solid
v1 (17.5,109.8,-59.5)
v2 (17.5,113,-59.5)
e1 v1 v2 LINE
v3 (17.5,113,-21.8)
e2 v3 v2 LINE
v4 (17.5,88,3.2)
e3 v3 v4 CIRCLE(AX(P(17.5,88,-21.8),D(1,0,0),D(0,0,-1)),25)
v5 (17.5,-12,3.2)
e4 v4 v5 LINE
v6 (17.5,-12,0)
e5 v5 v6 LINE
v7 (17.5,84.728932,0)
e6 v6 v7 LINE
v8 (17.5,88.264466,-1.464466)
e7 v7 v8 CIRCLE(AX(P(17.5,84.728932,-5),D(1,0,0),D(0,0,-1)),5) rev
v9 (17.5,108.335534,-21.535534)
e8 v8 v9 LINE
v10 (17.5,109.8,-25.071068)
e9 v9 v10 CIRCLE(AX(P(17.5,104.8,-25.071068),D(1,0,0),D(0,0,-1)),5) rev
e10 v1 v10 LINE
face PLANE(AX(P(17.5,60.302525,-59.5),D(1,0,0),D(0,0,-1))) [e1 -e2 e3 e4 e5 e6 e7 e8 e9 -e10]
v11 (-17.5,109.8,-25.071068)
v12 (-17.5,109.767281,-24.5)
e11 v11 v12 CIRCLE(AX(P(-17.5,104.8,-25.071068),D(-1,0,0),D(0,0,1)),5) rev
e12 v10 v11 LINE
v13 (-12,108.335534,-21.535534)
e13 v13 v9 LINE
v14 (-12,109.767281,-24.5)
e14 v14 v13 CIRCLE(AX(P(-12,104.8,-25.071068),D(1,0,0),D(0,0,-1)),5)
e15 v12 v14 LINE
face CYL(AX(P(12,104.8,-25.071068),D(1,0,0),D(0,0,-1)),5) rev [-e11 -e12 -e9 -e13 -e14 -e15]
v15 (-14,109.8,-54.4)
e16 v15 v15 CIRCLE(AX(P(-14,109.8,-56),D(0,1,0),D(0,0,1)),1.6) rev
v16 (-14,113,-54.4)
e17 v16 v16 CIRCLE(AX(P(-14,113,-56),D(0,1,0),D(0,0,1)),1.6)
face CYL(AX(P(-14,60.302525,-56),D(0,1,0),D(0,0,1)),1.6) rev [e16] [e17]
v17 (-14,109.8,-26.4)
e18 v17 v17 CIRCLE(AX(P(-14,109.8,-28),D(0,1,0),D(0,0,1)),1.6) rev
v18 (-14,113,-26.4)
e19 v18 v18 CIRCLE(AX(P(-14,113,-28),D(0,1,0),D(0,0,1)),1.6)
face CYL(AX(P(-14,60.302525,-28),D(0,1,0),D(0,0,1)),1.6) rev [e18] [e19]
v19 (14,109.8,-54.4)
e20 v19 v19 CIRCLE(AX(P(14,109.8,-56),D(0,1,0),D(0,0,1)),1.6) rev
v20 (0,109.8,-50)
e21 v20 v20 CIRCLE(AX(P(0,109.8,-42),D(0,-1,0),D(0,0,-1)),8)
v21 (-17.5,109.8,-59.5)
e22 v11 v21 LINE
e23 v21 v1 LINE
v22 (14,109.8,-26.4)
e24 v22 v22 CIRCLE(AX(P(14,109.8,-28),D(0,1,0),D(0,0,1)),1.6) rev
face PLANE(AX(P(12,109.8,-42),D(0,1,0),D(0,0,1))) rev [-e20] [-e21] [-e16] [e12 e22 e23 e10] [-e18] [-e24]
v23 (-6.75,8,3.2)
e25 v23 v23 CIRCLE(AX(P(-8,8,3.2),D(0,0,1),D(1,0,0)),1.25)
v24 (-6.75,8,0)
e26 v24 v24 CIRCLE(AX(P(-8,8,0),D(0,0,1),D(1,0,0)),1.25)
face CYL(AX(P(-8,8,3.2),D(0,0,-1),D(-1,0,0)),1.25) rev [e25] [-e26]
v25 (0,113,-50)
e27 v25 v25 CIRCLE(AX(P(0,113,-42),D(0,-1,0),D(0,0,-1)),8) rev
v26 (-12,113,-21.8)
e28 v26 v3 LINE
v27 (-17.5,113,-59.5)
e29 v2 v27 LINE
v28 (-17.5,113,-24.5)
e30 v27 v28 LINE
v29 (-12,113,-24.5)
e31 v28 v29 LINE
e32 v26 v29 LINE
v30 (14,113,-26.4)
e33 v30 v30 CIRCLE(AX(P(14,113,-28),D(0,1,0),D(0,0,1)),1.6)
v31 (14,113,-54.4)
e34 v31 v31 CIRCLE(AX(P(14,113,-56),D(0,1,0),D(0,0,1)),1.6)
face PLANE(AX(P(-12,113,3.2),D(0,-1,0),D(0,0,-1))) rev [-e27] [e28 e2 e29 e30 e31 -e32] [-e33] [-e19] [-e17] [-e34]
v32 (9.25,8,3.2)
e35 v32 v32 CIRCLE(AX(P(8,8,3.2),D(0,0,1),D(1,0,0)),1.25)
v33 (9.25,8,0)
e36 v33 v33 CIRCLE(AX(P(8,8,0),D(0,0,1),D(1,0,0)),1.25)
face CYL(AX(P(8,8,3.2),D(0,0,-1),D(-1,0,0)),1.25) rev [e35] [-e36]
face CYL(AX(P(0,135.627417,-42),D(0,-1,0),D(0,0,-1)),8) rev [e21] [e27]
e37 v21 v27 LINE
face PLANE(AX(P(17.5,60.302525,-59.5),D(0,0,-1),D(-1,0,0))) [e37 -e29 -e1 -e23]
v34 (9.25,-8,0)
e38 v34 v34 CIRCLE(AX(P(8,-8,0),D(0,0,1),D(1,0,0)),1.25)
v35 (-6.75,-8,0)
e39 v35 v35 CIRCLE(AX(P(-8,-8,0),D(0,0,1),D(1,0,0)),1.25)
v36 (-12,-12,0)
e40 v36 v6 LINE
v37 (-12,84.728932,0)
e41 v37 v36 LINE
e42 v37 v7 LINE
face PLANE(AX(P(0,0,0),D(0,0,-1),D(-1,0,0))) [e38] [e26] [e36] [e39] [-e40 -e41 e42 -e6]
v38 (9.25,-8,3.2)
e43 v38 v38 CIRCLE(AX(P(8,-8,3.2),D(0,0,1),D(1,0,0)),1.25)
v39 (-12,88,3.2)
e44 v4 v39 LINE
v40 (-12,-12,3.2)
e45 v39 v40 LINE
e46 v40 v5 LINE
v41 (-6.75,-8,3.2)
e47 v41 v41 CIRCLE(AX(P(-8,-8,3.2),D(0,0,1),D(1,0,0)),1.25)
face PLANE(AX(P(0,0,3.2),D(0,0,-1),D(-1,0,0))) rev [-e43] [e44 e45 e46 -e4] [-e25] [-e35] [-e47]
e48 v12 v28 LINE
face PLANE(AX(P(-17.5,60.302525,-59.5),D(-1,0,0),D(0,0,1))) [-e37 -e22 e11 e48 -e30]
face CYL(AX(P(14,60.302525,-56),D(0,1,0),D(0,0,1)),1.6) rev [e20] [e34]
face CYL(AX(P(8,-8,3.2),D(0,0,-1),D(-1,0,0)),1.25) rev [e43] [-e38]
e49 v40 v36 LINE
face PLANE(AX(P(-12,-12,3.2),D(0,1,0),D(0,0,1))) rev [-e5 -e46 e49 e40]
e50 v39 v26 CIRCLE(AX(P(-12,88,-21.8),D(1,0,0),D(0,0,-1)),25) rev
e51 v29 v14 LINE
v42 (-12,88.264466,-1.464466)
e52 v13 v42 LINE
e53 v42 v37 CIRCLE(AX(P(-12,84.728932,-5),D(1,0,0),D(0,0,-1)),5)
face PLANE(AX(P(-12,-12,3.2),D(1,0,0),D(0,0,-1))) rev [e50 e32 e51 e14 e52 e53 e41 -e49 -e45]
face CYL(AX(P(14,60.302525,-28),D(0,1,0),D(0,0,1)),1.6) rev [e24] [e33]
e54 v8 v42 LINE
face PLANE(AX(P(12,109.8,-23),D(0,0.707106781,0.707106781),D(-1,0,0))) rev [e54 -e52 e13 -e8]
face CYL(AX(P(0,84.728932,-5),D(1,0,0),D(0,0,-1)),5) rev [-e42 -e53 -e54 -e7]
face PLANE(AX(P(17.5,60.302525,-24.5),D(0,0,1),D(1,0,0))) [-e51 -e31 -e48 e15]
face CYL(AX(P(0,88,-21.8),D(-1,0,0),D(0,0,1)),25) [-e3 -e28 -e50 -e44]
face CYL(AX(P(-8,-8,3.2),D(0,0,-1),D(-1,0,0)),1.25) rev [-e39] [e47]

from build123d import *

# Parameters (mm, degrees)
SKETCH1_W           = 24
SKETCH1_H           = 125
SKETCH1_R           = 1.25
BOSS_EXTRUDE1_DEPTH = 3.2
SKETCH2_W           = 24
SKETCH2_H           = 3.2
BOSS_EXTRUDE2_DEPTH = 42
SKETCH3_W           = 35
SKETCH3_H           = 35
SKETCH3_R           = 1.6
BOSS_EXTRUDE3_DEPTH = 3.2
SKETCH4_R           = 8
CUT_EXTRUDE1_DEPTH  = 3.2
CHAMFER1_SIZE       = 23
FILLET1_R           = 25
FILLET2_R           = 5
BOSS_EXTRUDE4_START = 5.5
BOSS_EXTRUDE4_DEPTH = 5.5


with BuildPart() as part:
    # Sketch1 → Boss-Extrude1 (new body)
    with BuildSketch(Plane.XY):
        with Locations((0, 50.5)):
            Rectangle(SKETCH1_W, SKETCH1_H)
        with Locations((-8, 8)):
            Circle(SKETCH1_R, mode=Mode.SUBTRACT)
        with Locations((8, 8)):
            Circle(SKETCH1_R, mode=Mode.SUBTRACT)
        with Locations((8, -8)):
            Circle(SKETCH1_R, mode=Mode.SUBTRACT)
        with Locations((-8, -8)):
            Circle(SKETCH1_R, mode=Mode.SUBTRACT)
    extrude(amount=BOSS_EXTRUDE1_DEPTH)

    # Sketch2 → Boss-Extrude2 (add)
    with BuildSketch(Plane(origin=(0, 0, 0), x_dir=(-1, 0, 0), z_dir=(0, 0, -1))):
        with Locations((0, 111.4)):
            Rectangle(SKETCH2_W, SKETCH2_H)
    extrude(amount=BOSS_EXTRUDE2_DEPTH)

    # Sketch3 → Boss-Extrude3 (add)
    with BuildSketch(Plane(origin=(0, 113, 0), x_dir=(1, 0, 0), z_dir=(0, 1, 0))):
        with Locations((0, 42)):
            Rectangle(SKETCH3_W, SKETCH3_H)
        with Locations(Location((14, 28, 0), (0, 0, 270))):
            Circle(SKETCH3_R, mode=Mode.SUBTRACT)
        with Locations(Location((14, 56, 0), (0, 0, 270))):
            Circle(SKETCH3_R, mode=Mode.SUBTRACT)
        with Locations(Location((-14, 56, 0), (0, 0, 270))):
            Circle(SKETCH3_R, mode=Mode.SUBTRACT)
        with Locations(Location((-14, 28, 0), (0, 0, 270))):
            Circle(SKETCH3_R, mode=Mode.SUBTRACT)
    extrude(amount=-BOSS_EXTRUDE3_DEPTH)

    # Sketch4 → Cut-Extrude1 (cut)
    with BuildSketch(Plane.XZ.offset(-109.8)):
        with Locations(Location((0, -42, 0), (0, 0, 270))):
            Circle(SKETCH4_R)
    extrude(amount=-CUT_EXTRUDE1_DEPTH, mode=Mode.SUBTRACT)

    # Chamfer1
    chamfer1_edges = [part.edges().sort_by_distance(p)[0] for p in [
        (0, 109.8, 0),
    ]]
    chamfer(chamfer1_edges, length=CHAMFER1_SIZE)

    # Fillet1
    fillet1_edges = [part.edges().sort_by_distance(p)[0] for p in [
        (0, 113, 3.2),
    ]]
    fillet(fillet1_edges, radius=FILLET1_R)

    # Fillet2
    fillet2_edges = [part.edges().sort_by_distance(p)[0] for p in [
        (0, 109.8, -23),
        (0, 86.8, 0),
    ]]
    fillet(fillet2_edges, radius=FILLET2_R)

    # Sketch7 → Boss-Extrude4 (add)
    with BuildSketch(Plane(origin=(12, 0, 0), x_dir=(0, 0, -1), z_dir=(1, 0, 0)).offset(BOSS_EXTRUDE4_START)):
        with BuildLine():
            Line((24.5, 113), (21.8, 113))
            ThreePointArc((21.8, 113), (4.12233047, 105.67766953), (-3.2, 88))
            Line((-3.2, 88), (-3.2, -12))
            Line((-3.2, -12), (0, -12))
            Line((0, -12), (0, 84.728932188))
            ThreePointArc((0, 84.728932188), (0.380602337, 86.64234935), (1.464466094, 88.264466094))
            Line((1.464466094, 88.264466094), (21.535533906, 108.335533906))
            ThreePointArc((21.535533906, 108.335533906), (22.896551906, 109.302386098), (24.5, 109.767281103))
            Line((24.5, 109.767281103), (24.5, 113))
        make_face()
    extrude(amount=-BOSS_EXTRUDE4_DEPTH)


solid = part.part
